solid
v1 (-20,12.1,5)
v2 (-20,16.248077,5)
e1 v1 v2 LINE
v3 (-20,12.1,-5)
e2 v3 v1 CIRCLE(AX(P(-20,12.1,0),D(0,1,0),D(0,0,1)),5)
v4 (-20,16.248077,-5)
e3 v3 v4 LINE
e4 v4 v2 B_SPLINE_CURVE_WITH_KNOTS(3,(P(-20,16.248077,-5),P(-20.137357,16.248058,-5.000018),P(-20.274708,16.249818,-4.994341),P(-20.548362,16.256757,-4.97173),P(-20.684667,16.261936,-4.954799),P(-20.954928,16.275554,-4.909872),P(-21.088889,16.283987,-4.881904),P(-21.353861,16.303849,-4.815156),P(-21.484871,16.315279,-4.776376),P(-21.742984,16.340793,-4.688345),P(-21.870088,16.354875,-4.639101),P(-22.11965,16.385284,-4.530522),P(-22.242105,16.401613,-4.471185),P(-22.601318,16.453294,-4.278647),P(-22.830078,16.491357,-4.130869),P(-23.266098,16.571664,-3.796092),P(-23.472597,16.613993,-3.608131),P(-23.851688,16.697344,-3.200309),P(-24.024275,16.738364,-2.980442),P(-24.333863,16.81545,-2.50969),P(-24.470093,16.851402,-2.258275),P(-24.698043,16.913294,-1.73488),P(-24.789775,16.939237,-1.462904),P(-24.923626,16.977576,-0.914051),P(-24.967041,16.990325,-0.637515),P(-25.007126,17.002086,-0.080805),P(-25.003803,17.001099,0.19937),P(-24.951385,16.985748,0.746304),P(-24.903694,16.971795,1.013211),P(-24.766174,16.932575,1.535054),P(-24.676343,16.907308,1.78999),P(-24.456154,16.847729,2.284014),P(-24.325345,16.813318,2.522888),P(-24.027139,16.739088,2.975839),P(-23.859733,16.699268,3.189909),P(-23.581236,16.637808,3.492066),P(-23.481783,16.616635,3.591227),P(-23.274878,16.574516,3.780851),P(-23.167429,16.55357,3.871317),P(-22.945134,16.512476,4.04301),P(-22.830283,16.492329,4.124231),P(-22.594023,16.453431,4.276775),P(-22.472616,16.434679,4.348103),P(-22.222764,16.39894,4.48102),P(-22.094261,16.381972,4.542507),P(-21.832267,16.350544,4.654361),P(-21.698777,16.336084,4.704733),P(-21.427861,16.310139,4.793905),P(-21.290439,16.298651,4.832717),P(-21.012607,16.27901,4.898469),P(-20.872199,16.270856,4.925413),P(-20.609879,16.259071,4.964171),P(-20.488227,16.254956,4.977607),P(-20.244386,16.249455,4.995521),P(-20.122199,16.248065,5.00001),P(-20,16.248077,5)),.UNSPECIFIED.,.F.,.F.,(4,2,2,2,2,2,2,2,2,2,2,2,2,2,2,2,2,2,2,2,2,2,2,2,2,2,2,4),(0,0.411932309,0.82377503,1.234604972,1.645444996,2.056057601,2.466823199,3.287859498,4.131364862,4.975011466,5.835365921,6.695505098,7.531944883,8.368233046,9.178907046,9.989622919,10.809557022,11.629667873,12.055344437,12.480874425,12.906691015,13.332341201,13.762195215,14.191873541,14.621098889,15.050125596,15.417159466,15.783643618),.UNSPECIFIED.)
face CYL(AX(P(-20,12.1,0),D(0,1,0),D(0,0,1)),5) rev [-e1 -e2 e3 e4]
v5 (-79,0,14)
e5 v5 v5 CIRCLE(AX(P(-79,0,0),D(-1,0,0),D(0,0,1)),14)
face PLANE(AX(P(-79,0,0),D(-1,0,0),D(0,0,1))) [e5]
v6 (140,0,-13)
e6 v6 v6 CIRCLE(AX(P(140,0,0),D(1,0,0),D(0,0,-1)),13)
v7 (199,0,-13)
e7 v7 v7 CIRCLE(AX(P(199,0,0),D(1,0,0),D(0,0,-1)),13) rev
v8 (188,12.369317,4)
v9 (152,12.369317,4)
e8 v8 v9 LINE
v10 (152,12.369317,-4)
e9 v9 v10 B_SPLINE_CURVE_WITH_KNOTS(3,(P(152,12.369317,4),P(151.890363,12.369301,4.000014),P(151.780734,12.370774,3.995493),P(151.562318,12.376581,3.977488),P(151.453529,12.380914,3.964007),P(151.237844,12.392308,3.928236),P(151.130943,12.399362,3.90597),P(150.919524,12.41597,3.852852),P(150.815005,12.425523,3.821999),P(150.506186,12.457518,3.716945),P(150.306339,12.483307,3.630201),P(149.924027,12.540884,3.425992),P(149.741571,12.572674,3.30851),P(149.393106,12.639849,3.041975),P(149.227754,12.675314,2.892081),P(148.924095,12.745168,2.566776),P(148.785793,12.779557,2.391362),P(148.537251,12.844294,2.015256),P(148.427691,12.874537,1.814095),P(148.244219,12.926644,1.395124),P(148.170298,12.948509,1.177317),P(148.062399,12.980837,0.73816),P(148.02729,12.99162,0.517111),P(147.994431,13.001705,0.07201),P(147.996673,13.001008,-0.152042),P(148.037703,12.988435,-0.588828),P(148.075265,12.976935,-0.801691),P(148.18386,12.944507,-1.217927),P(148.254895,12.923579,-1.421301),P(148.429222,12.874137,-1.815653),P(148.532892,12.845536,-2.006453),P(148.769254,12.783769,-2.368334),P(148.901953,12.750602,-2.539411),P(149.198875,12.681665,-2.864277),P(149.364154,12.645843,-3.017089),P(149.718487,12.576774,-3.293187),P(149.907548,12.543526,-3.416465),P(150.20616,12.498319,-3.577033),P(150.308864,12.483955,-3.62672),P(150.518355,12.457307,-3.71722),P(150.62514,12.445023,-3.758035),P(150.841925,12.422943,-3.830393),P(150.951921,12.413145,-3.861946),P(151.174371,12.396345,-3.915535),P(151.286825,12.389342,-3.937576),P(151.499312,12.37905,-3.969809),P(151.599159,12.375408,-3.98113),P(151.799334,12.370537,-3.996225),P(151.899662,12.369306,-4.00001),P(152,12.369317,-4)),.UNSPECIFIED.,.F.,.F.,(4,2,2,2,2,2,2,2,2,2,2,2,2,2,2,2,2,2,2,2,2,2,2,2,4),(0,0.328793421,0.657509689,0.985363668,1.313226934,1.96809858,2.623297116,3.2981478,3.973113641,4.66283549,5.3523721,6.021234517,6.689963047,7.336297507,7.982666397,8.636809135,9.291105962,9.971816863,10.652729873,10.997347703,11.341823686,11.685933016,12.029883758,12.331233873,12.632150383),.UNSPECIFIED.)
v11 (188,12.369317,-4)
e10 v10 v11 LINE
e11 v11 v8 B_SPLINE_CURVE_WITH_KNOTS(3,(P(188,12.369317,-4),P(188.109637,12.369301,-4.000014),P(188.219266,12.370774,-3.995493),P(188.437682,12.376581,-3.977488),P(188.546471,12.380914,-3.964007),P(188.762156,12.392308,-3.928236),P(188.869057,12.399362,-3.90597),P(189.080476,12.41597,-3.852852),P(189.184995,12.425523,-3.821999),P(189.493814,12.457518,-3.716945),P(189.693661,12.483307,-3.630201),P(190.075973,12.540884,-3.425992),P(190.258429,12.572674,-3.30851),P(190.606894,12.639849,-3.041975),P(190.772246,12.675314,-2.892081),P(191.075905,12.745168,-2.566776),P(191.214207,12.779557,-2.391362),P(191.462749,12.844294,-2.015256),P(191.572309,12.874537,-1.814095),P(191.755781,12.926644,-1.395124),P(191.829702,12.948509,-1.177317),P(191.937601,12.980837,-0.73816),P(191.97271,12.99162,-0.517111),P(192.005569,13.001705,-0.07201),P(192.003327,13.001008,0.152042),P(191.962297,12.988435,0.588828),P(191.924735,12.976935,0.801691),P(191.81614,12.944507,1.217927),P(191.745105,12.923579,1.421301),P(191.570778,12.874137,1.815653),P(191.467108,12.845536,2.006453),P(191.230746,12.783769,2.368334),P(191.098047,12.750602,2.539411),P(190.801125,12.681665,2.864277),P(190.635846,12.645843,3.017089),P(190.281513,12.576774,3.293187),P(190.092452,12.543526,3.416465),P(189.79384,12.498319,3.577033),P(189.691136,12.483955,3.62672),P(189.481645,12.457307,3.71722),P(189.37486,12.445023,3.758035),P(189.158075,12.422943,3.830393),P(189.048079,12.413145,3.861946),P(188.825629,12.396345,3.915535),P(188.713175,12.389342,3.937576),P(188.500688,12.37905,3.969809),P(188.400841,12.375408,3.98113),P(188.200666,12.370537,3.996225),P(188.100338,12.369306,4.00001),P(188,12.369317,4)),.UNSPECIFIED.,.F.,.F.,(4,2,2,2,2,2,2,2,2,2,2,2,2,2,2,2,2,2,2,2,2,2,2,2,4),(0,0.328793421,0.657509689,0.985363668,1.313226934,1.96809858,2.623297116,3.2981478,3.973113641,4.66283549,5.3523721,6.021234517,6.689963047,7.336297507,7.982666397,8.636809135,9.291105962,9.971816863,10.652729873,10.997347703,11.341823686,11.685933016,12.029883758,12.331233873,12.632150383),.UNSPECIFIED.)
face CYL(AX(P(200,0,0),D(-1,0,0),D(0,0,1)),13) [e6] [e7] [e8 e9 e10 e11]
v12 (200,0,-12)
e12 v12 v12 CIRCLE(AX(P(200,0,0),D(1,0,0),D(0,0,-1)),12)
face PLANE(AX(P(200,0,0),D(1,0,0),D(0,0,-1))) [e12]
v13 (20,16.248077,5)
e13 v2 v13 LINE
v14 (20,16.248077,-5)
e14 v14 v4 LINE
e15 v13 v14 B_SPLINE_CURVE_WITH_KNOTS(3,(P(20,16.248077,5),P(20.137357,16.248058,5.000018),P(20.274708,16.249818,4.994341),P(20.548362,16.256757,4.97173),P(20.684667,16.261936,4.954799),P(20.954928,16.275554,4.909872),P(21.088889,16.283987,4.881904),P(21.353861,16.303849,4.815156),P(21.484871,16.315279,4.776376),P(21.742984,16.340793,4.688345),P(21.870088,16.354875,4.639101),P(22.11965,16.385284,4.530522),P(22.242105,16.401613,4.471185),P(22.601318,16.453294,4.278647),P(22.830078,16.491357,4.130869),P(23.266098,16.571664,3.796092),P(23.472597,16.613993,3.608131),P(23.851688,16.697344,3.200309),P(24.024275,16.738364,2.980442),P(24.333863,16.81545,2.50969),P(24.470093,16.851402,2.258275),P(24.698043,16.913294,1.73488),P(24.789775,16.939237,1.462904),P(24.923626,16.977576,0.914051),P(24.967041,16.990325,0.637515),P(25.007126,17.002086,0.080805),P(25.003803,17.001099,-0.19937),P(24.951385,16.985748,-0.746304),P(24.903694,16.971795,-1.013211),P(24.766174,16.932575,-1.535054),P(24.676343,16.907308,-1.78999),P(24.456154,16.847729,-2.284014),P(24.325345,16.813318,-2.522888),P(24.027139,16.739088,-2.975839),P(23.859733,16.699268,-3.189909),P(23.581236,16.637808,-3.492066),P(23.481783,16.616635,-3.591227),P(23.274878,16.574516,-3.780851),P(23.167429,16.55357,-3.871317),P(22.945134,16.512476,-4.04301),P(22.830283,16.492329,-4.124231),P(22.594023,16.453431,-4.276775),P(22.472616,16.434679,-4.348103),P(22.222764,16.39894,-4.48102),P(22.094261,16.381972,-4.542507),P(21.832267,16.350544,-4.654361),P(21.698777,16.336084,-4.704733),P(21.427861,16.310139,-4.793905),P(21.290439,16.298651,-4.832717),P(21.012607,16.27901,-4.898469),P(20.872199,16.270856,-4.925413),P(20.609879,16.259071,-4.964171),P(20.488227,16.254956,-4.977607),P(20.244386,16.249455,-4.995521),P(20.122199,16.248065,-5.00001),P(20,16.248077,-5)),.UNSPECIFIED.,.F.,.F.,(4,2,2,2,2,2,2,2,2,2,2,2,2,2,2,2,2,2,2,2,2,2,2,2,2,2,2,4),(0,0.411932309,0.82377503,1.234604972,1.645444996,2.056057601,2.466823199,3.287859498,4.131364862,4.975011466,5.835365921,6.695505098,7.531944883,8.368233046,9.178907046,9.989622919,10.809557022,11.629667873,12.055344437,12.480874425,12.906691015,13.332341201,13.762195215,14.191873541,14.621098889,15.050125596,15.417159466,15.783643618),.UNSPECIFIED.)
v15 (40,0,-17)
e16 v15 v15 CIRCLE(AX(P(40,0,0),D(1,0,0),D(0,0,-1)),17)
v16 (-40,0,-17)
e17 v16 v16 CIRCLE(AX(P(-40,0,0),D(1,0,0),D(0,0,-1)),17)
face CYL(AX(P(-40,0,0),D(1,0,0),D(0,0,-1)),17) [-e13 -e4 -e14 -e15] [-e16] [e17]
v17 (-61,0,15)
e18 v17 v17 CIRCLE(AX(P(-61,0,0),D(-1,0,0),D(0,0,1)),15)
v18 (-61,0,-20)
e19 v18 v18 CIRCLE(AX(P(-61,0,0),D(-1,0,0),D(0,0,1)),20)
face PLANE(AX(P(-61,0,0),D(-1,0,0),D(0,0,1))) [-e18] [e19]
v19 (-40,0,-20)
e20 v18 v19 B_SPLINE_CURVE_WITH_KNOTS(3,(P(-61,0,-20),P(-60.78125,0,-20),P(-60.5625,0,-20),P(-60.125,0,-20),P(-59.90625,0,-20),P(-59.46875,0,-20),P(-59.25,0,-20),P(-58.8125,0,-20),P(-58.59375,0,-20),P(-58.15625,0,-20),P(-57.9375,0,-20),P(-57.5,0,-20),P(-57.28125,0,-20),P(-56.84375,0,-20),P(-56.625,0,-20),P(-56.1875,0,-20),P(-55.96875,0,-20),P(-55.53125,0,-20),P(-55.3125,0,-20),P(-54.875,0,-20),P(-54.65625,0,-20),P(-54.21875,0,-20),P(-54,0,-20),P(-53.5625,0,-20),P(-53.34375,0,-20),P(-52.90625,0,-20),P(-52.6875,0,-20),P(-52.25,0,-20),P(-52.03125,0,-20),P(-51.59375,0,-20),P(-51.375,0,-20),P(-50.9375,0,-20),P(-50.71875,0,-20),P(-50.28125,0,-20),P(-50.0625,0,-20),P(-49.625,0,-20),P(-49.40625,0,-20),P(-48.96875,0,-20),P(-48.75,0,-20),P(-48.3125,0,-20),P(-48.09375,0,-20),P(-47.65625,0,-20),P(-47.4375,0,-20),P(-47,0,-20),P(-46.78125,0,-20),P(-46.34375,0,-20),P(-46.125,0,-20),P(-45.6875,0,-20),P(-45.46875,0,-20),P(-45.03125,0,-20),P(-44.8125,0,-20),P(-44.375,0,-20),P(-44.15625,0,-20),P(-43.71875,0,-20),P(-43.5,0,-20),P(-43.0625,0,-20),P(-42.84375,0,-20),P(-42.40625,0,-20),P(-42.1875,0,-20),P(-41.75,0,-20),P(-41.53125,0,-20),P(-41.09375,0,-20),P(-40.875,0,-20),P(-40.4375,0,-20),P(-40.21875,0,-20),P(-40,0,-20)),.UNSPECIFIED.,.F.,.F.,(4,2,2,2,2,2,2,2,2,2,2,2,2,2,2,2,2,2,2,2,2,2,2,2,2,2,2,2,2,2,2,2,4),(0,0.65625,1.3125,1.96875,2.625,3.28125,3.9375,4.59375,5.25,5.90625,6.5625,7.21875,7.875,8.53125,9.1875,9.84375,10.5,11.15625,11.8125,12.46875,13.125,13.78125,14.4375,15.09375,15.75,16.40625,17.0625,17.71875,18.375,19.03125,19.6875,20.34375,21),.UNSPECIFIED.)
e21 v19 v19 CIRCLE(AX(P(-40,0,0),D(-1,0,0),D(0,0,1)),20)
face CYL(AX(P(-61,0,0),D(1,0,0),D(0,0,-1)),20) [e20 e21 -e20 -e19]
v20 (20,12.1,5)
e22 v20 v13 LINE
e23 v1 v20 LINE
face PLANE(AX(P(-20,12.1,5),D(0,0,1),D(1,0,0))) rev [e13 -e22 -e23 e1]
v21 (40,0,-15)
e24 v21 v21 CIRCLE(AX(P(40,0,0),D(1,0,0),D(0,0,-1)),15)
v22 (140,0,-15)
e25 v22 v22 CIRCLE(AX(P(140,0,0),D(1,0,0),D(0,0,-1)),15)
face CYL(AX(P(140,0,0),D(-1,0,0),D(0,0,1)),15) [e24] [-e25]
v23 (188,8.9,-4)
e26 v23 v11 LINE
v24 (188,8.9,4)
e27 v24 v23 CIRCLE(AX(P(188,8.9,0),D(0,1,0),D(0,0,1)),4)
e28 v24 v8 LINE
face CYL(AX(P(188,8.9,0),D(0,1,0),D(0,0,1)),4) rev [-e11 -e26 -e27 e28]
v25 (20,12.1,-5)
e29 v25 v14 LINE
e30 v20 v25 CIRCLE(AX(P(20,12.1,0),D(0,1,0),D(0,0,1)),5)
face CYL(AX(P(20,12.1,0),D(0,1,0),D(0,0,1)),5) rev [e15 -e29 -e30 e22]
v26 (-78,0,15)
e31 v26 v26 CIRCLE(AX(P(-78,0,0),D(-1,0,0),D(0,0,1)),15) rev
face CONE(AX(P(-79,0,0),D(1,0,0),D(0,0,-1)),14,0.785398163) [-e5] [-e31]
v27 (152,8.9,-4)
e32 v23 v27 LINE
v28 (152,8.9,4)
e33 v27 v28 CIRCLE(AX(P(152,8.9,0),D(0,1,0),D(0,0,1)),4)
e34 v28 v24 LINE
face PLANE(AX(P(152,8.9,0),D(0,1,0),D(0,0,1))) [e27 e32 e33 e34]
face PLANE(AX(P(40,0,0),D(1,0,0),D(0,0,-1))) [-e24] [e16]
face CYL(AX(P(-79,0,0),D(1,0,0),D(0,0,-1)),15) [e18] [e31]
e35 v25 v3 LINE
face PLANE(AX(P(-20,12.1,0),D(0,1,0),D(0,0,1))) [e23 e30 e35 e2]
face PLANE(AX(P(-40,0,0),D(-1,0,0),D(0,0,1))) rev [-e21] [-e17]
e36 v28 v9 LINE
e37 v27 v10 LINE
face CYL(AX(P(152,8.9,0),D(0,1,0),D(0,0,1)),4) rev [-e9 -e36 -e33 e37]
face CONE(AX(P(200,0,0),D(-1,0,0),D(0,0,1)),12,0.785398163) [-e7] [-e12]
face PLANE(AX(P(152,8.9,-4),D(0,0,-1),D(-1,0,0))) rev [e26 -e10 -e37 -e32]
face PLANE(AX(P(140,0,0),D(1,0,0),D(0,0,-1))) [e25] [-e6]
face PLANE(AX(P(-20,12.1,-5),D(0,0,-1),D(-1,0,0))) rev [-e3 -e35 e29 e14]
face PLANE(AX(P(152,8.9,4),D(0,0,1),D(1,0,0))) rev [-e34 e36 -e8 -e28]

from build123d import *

# Parameters (mm, degrees)
BOSS_EXTRUDE1_DEPTH      = 40
BOSS_EXTRUDE1_DEPTH_BACK = 40
SKETCH1_R                = 17
CUT_EXTRUDE1_DEPTH       = 4.9
SKETCH3_R                = 20
BOSS_EXTRUDE2_DEPTH      = 21
SKETCH4_R                = 15
BOSS_EXTRUDE3_DEPTH      = 18
CHAMFER1_SIZE            = 1
BOSS_EXTRUDE4_START      = 100
SKETCH5_R                = 15
BOSS_EXTRUDE4_DEPTH      = 100
SKETCH6_R                = 13
BOSS_EXTRUDE5_DEPTH      = 60
CUT_EXTRUDE2_DEPTH       = 4.1
CHAMFER2_SIZE            = 1


with BuildPart() as part:
    # Sketch1 → Boss-Extrude1 (new, two sides: drawn at the far end of the back side and taken through both)
    with BuildSketch(Plane(origin=(0, 0, 0), x_dir=(0, 0, -1), z_dir=(1, 0, 0)).offset(-BOSS_EXTRUDE1_DEPTH_BACK)):
        Circle(SKETCH1_R)
    extrude(amount=BOSS_EXTRUDE1_DEPTH + BOSS_EXTRUDE1_DEPTH_BACK)

    # Sketch2 → Cut-Extrude1 (cut)
    with BuildSketch(Plane(origin=(0, 17, 0), x_dir=(1, 0, 0), z_dir=(0, 1, 0))):
        with BuildLine():
            Line((-20, 5), (20, 5))
            ThreePointArc((20, 5), (25, 0), (20, -5))
            Line((20, -5), (-20, -5))
            ThreePointArc((-20, -5), (-25, 0), (-20, 5))
        make_face()
    extrude(amount=-CUT_EXTRUDE1_DEPTH, mode=Mode.SUBTRACT)

    # Sketch3 → Boss-Extrude2 (add)
    with BuildSketch(Plane.ZY.offset(40)):
        Circle(SKETCH3_R)
    extrude(amount=BOSS_EXTRUDE2_DEPTH)

    # Sketch4 → Boss-Extrude3 (add)
    with BuildSketch(Plane.ZY.offset(61)):
        Circle(SKETCH4_R)
    extrude(amount=BOSS_EXTRUDE3_DEPTH)

    # Chamfer1
    chamfer1_edges = [part.edges().sort_by_distance(p)[0] for p in [
        (-79, 0, -15),
    ]]
    chamfer(chamfer1_edges, length=CHAMFER1_SIZE)

    # Sketch5 → Boss-Extrude4 (add)
    with BuildSketch(Plane(origin=(40, 0, 0), x_dir=(0, 0, -1), z_dir=(1, 0, 0)).offset(BOSS_EXTRUDE4_START)):
        Circle(SKETCH5_R)
    extrude(amount=-BOSS_EXTRUDE4_DEPTH)

    # Sketch6 → Boss-Extrude5 (add)
    with BuildSketch(Plane(origin=(140, 0, 0), x_dir=(0, 0, -1), z_dir=(1, 0, 0))):
        Circle(SKETCH6_R)
    extrude(amount=BOSS_EXTRUDE5_DEPTH)

    # Sketch7 → Cut-Extrude2 (cut)
    with BuildSketch(Plane(origin=(0, 13, 0), x_dir=(1, 0, 0), z_dir=(0, 1, 0))):
        with BuildLine():
            Line((152, 4), (188, 4))
            ThreePointArc((188, 4), (192, 0), (188, -4))
            Line((188, -4), (152, -4))
            ThreePointArc((152, -4), (148, 0), (152, 4))
        make_face()
    extrude(amount=-CUT_EXTRUDE2_DEPTH, mode=Mode.SUBTRACT)

    # Chamfer2
    chamfer2_edges = [part.edges().sort_by_distance(p)[0] for p in [
        (200, 0, 13),
    ]]
    chamfer(chamfer2_edges, length=CHAMFER2_SIZE)


solid = part.part
